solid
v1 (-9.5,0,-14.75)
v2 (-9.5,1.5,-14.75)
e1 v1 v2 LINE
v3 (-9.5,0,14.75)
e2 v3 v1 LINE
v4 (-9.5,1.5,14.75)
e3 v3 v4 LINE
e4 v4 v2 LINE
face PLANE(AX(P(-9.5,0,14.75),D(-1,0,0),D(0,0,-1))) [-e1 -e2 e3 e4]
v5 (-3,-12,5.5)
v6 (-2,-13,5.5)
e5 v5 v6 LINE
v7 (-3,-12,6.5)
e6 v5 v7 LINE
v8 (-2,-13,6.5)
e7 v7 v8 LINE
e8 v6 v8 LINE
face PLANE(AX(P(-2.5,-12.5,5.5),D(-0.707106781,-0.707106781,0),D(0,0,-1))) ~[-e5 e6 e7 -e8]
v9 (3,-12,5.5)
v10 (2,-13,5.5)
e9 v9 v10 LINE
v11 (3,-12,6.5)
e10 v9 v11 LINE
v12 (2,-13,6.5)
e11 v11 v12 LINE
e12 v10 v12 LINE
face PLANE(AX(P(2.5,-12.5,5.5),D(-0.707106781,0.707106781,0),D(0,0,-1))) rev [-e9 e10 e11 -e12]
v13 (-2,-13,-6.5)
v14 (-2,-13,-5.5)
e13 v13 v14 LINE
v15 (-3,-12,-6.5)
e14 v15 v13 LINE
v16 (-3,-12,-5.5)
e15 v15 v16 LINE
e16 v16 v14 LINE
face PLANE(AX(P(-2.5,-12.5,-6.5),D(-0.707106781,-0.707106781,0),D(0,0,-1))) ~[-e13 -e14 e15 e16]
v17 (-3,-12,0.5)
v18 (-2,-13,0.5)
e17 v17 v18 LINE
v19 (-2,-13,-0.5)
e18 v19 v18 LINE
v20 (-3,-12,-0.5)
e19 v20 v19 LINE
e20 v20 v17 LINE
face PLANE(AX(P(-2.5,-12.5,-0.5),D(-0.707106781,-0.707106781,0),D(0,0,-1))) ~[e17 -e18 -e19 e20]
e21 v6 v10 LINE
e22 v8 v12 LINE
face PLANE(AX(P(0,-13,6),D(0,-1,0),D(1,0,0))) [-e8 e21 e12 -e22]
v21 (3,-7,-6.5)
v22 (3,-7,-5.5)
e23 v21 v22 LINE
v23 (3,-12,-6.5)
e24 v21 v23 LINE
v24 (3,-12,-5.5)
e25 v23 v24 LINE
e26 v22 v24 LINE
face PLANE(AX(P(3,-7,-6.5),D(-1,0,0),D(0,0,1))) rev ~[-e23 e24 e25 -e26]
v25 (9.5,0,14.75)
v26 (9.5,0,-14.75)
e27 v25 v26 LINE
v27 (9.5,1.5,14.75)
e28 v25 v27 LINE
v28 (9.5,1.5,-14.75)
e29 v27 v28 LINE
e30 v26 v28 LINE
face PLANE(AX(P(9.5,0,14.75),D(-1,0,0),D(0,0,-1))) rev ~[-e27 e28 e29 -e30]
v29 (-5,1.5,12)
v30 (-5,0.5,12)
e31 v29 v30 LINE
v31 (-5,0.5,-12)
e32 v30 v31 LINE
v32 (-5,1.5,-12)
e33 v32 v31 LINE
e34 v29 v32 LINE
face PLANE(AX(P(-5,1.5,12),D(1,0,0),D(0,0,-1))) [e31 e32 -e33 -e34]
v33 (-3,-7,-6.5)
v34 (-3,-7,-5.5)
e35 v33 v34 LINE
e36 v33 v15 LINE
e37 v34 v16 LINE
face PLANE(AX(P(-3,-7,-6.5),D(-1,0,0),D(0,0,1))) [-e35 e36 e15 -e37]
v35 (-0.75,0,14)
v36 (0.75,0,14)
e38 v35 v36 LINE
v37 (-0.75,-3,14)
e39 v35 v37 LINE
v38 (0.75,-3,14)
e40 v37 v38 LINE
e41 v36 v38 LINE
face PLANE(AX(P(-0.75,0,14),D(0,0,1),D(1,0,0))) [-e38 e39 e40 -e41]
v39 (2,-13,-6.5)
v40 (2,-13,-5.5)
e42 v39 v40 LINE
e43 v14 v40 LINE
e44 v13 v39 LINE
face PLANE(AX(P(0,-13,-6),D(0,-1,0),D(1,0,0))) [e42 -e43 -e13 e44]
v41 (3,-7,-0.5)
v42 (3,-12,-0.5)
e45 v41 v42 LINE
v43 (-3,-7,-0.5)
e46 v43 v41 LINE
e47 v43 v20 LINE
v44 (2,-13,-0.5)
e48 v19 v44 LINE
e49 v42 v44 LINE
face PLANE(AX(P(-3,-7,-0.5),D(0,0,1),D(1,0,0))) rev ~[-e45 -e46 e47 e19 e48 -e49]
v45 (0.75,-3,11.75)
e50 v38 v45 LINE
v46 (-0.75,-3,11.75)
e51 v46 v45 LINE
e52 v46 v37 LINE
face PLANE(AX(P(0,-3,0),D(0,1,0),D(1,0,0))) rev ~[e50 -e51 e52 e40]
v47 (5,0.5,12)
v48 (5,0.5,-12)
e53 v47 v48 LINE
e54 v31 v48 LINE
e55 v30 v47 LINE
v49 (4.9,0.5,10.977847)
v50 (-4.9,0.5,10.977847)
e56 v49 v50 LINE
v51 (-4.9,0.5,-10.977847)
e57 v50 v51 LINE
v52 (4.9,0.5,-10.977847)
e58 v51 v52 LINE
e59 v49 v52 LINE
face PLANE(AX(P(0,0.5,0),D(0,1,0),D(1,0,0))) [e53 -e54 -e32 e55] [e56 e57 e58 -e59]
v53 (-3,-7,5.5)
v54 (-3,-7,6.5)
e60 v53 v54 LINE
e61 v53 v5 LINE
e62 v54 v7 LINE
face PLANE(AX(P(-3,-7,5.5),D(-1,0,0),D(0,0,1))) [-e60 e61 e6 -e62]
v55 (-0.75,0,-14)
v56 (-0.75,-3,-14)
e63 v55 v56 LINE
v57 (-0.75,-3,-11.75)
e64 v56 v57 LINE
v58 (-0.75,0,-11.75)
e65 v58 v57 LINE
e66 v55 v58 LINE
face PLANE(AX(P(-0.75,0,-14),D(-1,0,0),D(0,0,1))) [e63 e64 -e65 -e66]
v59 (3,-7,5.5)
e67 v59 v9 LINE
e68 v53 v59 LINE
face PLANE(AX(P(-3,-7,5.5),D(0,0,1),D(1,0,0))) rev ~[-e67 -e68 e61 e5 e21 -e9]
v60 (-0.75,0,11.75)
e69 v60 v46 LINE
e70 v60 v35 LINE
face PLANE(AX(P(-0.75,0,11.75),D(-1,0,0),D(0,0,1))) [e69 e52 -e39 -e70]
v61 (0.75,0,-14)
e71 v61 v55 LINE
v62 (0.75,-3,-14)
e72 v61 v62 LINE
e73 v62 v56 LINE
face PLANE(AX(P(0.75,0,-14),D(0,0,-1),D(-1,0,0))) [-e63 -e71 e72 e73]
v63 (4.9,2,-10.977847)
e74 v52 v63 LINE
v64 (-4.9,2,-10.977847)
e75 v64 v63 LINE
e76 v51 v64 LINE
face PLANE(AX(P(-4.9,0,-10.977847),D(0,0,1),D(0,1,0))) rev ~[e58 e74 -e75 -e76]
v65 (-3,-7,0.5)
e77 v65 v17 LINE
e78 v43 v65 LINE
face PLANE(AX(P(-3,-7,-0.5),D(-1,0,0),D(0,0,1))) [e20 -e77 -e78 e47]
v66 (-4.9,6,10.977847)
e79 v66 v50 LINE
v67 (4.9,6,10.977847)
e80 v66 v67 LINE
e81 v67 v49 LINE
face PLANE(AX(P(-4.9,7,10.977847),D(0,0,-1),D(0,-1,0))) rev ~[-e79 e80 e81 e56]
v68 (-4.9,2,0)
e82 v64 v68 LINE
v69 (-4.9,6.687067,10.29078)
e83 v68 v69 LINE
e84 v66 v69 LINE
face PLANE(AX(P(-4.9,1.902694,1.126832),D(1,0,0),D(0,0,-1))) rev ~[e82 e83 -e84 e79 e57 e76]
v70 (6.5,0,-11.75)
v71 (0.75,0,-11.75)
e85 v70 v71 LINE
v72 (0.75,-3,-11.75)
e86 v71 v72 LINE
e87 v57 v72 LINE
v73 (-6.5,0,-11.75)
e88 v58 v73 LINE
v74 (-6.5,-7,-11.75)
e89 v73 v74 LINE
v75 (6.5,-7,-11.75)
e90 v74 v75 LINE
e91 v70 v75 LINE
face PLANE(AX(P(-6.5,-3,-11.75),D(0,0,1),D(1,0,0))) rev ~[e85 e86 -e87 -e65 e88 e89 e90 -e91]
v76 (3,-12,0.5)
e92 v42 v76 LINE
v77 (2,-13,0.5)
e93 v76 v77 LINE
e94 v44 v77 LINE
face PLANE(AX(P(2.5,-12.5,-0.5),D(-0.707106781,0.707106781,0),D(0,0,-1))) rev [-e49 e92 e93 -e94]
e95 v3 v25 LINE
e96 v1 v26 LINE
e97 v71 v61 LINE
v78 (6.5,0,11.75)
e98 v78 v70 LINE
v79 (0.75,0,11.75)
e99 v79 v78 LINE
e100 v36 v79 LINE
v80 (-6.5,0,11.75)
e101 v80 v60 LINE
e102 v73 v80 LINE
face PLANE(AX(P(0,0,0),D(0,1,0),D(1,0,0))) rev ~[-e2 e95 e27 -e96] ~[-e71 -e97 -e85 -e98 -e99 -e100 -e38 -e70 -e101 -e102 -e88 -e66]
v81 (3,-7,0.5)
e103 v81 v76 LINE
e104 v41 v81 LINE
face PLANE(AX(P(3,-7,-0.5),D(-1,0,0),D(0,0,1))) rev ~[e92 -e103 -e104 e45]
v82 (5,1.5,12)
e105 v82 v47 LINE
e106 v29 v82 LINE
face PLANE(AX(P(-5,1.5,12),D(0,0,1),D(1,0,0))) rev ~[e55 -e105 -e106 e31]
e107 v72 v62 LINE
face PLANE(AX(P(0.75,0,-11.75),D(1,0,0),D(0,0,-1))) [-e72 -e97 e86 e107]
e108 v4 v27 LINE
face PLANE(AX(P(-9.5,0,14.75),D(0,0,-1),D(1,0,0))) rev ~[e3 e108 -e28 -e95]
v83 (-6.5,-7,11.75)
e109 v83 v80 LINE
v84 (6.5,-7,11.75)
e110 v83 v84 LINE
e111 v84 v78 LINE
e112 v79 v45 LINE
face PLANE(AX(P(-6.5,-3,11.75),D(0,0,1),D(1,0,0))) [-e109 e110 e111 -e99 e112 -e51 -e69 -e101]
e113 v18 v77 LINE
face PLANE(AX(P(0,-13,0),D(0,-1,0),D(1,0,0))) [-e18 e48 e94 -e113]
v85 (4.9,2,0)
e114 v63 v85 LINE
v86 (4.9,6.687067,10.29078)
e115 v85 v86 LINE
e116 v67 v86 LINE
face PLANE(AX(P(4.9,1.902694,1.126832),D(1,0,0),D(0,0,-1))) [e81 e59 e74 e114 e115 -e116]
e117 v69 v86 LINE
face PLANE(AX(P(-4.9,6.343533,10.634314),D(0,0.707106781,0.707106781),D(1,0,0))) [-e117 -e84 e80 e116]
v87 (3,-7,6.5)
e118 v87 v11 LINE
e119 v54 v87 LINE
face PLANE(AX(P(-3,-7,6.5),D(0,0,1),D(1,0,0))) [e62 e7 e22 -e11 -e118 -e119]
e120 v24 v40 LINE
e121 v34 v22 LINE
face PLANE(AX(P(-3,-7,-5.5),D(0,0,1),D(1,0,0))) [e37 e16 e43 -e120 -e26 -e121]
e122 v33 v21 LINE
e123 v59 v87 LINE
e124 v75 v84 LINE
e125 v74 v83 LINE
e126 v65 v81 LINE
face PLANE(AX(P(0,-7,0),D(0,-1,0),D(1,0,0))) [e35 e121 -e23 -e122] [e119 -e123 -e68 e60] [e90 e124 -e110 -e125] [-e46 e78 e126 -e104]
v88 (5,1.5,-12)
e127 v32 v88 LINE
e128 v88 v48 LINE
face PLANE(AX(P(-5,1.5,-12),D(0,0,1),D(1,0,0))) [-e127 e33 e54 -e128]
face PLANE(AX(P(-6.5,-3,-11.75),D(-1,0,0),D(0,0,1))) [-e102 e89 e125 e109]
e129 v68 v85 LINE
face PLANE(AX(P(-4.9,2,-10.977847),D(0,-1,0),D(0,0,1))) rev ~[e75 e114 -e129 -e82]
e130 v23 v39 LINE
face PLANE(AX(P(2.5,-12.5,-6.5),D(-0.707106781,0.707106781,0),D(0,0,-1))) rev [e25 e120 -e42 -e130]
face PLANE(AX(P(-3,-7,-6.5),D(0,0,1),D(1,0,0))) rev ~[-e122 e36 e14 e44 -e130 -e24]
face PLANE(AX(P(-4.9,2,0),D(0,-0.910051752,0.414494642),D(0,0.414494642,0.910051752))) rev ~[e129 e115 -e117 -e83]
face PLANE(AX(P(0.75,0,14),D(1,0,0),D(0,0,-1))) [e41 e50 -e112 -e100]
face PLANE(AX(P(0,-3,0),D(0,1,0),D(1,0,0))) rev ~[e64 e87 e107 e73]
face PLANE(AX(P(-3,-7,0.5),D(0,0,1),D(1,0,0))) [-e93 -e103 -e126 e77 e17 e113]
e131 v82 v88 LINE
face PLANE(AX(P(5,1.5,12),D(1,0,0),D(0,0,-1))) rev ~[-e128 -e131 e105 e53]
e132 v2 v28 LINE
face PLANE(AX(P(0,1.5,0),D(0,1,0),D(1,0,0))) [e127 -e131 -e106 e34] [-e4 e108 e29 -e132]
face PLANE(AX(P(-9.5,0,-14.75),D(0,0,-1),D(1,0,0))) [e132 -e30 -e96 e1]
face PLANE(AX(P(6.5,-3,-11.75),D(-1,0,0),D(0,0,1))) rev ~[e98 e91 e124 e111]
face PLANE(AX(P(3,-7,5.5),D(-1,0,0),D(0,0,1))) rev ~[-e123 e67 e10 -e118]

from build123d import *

# Parameters (mm, degrees)
BOSS_EXTRUDE1_DEPTH      = 3
SKETCH2_W                = 13
SKETCH2_H                = 23.5
BOSS_EXTRUDE2_DEPTH      = 4
SKETCH3_W                = 6
SKETCH3_H                = 1
BOSS_EXTRUDE3_DEPTH      = 6
CHAMFER1_SIZE            = 1
SKETCH4_W                = 19
SKETCH4_H                = 29.5
BOSS_EXTRUDE4_DEPTH      = 1.5
SKETCH5_W                = 10
SKETCH5_H                = 24
CUT_EXTRUDE1_DEPTH       = 1
BOSS_EXTRUDE5_DEPTH      = 4.9
BOSS_EXTRUDE5_DEPTH_BACK = 4.9
CHAMFER2_SIZE            = 1
CHAMFER2_SIZE2           = 0.754975442


with BuildPart() as part:
    # Sketch1 → Boss-Extrude1 (new body)
    with BuildSketch(Plane(origin=(0, 0, 0), x_dir=(1, 0, 0), z_dir=(0, 1, 0))):
        Polygon((0.75, -11.75), (6.5, -11.75), (6.5, 11.75), (0.75, 11.75), (0.75, 14), (-0.75, 14), (-0.75, 11.75), (-6.5, 11.75), (-6.5, -11.75), (-0.75, -11.75), (-0.75, -14), (0.75, -14), align=None)
    extrude(amount=-BOSS_EXTRUDE1_DEPTH)

    # Sketch2 → Boss-Extrude2 (add)
    with BuildSketch(Plane.XZ.offset(3)):
        Rectangle(SKETCH2_W, SKETCH2_H)
    extrude(amount=BOSS_EXTRUDE2_DEPTH)

    # Sketch3 → Boss-Extrude3 (add)
    with BuildSketch(Plane.XZ.offset(7)):
        Rectangle(SKETCH3_W, SKETCH3_H)
        with Locations((0, 6)):
            Rectangle(SKETCH3_W, SKETCH3_H)
        with Locations((0, -6)):
            Rectangle(SKETCH3_W, SKETCH3_H)
    extrude(amount=BOSS_EXTRUDE3_DEPTH)

    # Chamfer1
    chamfer1_edges = [part.edges().sort_by_distance(p)[0] for p in [
        (-3, -13, 0),
        (3, -13, 0),
        (-3, -13, 6),
        (3, -13, 6),
        (3, -13, -6),
        (-3, -13, -6),
    ]]
    chamfer(chamfer1_edges, length=CHAMFER1_SIZE)

    # Sketch4 → Boss-Extrude4 (add)
    with BuildSketch(Plane(origin=(0, 0, 0), x_dir=(1, 0, 0), z_dir=(0, 1, 0))):
        Rectangle(SKETCH4_W, SKETCH4_H)
    extrude(amount=BOSS_EXTRUDE4_DEPTH)

    # Sketch5 → Cut-Extrude1 (cut)
    with BuildSketch(Plane(origin=(0, 1.5, 0), x_dir=(1, 0, 0), z_dir=(0, 1, 0))):
        Rectangle(SKETCH5_W, SKETCH5_H)
    extrude(amount=-CUT_EXTRUDE1_DEPTH, mode=Mode.SUBTRACT)

    # Sketch6 → Boss-Extrude5 (add, two sides: drawn at the far end of the back side and taken through both)
    with BuildSketch(Plane(origin=(0, 0, 0), x_dir=(0, 0, -1), z_dir=(1, 0, 0)).offset(-BOSS_EXTRUDE5_DEPTH_BACK)):
        Polygon((-10.977846987, 0), (10.977846987, 0), (10.977846987, 2), (0, 2), (-10.977846987, 7), align=None)
    extrude(amount=BOSS_EXTRUDE5_DEPTH + BOSS_EXTRUDE5_DEPTH_BACK)

    # Chamfer2
    chamfer2_edges = [part.edges().sort_by_distance(p)[0] for p in [
        (0, 7, 10.977846987),
    ]]
    chamfer2_side = [part.faces().sort_by_distance(p)[0] for p in [
        (0, 3.75, 10.977846987),
    ]]
    chamfer(chamfer2_edges, length=CHAMFER2_SIZE, length2=CHAMFER2_SIZE2, reference=chamfer2_side[0])


solid = part.part
